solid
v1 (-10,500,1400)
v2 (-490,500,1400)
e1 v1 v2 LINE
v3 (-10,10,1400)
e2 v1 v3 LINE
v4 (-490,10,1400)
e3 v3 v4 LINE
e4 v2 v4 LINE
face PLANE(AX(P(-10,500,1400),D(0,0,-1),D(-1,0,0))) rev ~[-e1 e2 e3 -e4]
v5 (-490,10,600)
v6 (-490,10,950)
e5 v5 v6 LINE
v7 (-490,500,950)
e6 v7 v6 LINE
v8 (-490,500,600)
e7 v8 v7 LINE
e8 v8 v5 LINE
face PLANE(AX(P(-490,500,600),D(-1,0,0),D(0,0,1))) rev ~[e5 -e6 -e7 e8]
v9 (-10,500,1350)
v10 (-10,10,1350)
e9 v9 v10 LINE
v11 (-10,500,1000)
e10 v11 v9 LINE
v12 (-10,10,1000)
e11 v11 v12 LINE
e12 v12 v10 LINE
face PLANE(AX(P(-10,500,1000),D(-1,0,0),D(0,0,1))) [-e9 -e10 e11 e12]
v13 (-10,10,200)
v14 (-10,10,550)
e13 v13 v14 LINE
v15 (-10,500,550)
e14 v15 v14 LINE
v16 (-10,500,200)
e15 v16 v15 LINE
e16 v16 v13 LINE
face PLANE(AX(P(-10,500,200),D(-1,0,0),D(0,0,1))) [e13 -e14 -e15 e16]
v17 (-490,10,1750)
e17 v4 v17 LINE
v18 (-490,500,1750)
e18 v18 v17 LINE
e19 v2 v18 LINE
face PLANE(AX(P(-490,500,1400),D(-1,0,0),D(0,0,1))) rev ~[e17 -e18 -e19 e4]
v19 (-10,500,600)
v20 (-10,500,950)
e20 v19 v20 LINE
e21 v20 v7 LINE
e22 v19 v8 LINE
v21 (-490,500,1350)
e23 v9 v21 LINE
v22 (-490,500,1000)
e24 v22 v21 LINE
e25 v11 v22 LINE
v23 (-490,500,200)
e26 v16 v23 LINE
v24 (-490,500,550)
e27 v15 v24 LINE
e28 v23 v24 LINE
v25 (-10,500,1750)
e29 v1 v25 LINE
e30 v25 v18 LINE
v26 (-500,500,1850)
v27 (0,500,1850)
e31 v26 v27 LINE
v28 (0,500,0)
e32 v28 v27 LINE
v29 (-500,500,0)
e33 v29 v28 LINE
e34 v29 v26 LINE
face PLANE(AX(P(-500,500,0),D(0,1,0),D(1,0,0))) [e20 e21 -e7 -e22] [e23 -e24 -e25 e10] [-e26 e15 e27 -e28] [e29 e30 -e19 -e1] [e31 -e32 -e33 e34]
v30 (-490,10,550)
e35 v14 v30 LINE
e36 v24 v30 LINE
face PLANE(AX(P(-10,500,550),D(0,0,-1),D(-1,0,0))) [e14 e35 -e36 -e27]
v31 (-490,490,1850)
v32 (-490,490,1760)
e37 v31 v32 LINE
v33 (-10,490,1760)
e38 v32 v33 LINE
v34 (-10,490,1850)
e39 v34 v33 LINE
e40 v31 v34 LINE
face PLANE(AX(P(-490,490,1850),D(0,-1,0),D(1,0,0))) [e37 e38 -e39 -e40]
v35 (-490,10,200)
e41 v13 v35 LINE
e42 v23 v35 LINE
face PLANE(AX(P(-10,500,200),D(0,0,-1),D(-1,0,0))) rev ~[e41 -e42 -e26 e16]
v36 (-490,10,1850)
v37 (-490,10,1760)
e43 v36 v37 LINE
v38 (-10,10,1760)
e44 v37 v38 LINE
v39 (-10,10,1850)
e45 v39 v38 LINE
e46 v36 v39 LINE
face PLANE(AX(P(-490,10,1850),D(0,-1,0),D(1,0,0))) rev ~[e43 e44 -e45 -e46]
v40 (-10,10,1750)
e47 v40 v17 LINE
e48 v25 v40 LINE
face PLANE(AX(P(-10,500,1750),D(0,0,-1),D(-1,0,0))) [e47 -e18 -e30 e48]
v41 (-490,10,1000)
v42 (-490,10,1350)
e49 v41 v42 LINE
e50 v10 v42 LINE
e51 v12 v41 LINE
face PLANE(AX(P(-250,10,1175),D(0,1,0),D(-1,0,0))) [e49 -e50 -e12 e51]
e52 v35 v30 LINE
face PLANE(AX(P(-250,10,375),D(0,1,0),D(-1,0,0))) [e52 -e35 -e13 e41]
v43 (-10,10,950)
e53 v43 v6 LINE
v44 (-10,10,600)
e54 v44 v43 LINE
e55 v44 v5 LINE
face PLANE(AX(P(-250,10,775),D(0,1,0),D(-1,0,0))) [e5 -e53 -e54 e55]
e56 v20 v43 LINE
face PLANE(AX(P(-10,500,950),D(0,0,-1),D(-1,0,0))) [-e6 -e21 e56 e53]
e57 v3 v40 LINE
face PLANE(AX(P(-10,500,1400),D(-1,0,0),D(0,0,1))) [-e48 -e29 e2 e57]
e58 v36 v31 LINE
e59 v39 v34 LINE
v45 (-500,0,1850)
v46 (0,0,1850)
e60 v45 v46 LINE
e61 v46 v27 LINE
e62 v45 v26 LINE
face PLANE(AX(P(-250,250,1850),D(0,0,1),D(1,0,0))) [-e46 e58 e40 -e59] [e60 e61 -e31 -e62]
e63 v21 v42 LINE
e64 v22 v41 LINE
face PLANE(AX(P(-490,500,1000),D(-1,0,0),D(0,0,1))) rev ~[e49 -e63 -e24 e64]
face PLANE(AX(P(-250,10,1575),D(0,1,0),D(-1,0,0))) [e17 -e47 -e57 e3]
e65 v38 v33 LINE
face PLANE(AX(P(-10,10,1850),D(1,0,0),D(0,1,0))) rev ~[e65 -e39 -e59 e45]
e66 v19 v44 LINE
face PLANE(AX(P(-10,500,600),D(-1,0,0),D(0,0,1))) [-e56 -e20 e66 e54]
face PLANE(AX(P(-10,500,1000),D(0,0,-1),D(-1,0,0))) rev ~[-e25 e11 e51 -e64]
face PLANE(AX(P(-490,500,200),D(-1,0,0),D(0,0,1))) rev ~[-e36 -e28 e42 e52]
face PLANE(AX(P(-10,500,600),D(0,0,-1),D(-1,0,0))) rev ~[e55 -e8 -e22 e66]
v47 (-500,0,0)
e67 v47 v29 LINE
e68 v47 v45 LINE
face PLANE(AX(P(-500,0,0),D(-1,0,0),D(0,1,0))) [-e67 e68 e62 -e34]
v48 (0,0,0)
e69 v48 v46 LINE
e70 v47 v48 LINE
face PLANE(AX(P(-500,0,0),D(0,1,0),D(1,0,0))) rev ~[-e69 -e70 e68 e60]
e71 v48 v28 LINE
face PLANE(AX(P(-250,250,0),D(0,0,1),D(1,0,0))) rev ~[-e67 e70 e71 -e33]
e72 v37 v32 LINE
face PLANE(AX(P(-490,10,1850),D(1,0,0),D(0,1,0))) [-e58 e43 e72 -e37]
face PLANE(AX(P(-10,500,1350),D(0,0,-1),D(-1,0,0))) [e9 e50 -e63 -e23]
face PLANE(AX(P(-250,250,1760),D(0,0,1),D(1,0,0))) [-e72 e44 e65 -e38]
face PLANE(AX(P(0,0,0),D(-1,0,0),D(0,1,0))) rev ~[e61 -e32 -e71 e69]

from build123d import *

# Parameters (mm, degrees)
F0_W     = 500
F0_H     = 500
F1_DEPTH = 1850
F2_W     = 480
F2_H     = 350
F3_DEPTH = 490
F4_W     = 480
F4_H     = 480
F5_DEPTH = 90


with BuildPart() as f1:
    # F0 (on Top) → F1 (new body)
    with BuildSketch(Plane.XY):
        with Locations((-250, 250)):
            Rectangle(F0_W, F0_H)
    extrude(amount=F1_DEPTH)

    # F2 (on face) → F3 (cut)
    with BuildSketch(Plane(origin=(0, 500, 0), x_dir=(-1, 0, 0), z_dir=(0, 1, 0))):
        with Locations((250, 1575)):
            Rectangle(F2_W, F2_H)
        with Locations((250, 1175)):
            Rectangle(F2_W, F2_H)
        with Locations((250, 775)):
            Rectangle(F2_W, F2_H)
        with Locations((250, 375)):
            Rectangle(F2_W, F2_H)
    extrude(amount=-F3_DEPTH, mode=Mode.SUBTRACT)

    # F4 (on face) → F5 (cut)
    with BuildSketch(Plane.XY.offset(1850)):
        with Locations((-250, 250)):
            Rectangle(F4_W, F4_H)
    extrude(amount=-F5_DEPTH, mode=Mode.SUBTRACT)


solid = f1.part
